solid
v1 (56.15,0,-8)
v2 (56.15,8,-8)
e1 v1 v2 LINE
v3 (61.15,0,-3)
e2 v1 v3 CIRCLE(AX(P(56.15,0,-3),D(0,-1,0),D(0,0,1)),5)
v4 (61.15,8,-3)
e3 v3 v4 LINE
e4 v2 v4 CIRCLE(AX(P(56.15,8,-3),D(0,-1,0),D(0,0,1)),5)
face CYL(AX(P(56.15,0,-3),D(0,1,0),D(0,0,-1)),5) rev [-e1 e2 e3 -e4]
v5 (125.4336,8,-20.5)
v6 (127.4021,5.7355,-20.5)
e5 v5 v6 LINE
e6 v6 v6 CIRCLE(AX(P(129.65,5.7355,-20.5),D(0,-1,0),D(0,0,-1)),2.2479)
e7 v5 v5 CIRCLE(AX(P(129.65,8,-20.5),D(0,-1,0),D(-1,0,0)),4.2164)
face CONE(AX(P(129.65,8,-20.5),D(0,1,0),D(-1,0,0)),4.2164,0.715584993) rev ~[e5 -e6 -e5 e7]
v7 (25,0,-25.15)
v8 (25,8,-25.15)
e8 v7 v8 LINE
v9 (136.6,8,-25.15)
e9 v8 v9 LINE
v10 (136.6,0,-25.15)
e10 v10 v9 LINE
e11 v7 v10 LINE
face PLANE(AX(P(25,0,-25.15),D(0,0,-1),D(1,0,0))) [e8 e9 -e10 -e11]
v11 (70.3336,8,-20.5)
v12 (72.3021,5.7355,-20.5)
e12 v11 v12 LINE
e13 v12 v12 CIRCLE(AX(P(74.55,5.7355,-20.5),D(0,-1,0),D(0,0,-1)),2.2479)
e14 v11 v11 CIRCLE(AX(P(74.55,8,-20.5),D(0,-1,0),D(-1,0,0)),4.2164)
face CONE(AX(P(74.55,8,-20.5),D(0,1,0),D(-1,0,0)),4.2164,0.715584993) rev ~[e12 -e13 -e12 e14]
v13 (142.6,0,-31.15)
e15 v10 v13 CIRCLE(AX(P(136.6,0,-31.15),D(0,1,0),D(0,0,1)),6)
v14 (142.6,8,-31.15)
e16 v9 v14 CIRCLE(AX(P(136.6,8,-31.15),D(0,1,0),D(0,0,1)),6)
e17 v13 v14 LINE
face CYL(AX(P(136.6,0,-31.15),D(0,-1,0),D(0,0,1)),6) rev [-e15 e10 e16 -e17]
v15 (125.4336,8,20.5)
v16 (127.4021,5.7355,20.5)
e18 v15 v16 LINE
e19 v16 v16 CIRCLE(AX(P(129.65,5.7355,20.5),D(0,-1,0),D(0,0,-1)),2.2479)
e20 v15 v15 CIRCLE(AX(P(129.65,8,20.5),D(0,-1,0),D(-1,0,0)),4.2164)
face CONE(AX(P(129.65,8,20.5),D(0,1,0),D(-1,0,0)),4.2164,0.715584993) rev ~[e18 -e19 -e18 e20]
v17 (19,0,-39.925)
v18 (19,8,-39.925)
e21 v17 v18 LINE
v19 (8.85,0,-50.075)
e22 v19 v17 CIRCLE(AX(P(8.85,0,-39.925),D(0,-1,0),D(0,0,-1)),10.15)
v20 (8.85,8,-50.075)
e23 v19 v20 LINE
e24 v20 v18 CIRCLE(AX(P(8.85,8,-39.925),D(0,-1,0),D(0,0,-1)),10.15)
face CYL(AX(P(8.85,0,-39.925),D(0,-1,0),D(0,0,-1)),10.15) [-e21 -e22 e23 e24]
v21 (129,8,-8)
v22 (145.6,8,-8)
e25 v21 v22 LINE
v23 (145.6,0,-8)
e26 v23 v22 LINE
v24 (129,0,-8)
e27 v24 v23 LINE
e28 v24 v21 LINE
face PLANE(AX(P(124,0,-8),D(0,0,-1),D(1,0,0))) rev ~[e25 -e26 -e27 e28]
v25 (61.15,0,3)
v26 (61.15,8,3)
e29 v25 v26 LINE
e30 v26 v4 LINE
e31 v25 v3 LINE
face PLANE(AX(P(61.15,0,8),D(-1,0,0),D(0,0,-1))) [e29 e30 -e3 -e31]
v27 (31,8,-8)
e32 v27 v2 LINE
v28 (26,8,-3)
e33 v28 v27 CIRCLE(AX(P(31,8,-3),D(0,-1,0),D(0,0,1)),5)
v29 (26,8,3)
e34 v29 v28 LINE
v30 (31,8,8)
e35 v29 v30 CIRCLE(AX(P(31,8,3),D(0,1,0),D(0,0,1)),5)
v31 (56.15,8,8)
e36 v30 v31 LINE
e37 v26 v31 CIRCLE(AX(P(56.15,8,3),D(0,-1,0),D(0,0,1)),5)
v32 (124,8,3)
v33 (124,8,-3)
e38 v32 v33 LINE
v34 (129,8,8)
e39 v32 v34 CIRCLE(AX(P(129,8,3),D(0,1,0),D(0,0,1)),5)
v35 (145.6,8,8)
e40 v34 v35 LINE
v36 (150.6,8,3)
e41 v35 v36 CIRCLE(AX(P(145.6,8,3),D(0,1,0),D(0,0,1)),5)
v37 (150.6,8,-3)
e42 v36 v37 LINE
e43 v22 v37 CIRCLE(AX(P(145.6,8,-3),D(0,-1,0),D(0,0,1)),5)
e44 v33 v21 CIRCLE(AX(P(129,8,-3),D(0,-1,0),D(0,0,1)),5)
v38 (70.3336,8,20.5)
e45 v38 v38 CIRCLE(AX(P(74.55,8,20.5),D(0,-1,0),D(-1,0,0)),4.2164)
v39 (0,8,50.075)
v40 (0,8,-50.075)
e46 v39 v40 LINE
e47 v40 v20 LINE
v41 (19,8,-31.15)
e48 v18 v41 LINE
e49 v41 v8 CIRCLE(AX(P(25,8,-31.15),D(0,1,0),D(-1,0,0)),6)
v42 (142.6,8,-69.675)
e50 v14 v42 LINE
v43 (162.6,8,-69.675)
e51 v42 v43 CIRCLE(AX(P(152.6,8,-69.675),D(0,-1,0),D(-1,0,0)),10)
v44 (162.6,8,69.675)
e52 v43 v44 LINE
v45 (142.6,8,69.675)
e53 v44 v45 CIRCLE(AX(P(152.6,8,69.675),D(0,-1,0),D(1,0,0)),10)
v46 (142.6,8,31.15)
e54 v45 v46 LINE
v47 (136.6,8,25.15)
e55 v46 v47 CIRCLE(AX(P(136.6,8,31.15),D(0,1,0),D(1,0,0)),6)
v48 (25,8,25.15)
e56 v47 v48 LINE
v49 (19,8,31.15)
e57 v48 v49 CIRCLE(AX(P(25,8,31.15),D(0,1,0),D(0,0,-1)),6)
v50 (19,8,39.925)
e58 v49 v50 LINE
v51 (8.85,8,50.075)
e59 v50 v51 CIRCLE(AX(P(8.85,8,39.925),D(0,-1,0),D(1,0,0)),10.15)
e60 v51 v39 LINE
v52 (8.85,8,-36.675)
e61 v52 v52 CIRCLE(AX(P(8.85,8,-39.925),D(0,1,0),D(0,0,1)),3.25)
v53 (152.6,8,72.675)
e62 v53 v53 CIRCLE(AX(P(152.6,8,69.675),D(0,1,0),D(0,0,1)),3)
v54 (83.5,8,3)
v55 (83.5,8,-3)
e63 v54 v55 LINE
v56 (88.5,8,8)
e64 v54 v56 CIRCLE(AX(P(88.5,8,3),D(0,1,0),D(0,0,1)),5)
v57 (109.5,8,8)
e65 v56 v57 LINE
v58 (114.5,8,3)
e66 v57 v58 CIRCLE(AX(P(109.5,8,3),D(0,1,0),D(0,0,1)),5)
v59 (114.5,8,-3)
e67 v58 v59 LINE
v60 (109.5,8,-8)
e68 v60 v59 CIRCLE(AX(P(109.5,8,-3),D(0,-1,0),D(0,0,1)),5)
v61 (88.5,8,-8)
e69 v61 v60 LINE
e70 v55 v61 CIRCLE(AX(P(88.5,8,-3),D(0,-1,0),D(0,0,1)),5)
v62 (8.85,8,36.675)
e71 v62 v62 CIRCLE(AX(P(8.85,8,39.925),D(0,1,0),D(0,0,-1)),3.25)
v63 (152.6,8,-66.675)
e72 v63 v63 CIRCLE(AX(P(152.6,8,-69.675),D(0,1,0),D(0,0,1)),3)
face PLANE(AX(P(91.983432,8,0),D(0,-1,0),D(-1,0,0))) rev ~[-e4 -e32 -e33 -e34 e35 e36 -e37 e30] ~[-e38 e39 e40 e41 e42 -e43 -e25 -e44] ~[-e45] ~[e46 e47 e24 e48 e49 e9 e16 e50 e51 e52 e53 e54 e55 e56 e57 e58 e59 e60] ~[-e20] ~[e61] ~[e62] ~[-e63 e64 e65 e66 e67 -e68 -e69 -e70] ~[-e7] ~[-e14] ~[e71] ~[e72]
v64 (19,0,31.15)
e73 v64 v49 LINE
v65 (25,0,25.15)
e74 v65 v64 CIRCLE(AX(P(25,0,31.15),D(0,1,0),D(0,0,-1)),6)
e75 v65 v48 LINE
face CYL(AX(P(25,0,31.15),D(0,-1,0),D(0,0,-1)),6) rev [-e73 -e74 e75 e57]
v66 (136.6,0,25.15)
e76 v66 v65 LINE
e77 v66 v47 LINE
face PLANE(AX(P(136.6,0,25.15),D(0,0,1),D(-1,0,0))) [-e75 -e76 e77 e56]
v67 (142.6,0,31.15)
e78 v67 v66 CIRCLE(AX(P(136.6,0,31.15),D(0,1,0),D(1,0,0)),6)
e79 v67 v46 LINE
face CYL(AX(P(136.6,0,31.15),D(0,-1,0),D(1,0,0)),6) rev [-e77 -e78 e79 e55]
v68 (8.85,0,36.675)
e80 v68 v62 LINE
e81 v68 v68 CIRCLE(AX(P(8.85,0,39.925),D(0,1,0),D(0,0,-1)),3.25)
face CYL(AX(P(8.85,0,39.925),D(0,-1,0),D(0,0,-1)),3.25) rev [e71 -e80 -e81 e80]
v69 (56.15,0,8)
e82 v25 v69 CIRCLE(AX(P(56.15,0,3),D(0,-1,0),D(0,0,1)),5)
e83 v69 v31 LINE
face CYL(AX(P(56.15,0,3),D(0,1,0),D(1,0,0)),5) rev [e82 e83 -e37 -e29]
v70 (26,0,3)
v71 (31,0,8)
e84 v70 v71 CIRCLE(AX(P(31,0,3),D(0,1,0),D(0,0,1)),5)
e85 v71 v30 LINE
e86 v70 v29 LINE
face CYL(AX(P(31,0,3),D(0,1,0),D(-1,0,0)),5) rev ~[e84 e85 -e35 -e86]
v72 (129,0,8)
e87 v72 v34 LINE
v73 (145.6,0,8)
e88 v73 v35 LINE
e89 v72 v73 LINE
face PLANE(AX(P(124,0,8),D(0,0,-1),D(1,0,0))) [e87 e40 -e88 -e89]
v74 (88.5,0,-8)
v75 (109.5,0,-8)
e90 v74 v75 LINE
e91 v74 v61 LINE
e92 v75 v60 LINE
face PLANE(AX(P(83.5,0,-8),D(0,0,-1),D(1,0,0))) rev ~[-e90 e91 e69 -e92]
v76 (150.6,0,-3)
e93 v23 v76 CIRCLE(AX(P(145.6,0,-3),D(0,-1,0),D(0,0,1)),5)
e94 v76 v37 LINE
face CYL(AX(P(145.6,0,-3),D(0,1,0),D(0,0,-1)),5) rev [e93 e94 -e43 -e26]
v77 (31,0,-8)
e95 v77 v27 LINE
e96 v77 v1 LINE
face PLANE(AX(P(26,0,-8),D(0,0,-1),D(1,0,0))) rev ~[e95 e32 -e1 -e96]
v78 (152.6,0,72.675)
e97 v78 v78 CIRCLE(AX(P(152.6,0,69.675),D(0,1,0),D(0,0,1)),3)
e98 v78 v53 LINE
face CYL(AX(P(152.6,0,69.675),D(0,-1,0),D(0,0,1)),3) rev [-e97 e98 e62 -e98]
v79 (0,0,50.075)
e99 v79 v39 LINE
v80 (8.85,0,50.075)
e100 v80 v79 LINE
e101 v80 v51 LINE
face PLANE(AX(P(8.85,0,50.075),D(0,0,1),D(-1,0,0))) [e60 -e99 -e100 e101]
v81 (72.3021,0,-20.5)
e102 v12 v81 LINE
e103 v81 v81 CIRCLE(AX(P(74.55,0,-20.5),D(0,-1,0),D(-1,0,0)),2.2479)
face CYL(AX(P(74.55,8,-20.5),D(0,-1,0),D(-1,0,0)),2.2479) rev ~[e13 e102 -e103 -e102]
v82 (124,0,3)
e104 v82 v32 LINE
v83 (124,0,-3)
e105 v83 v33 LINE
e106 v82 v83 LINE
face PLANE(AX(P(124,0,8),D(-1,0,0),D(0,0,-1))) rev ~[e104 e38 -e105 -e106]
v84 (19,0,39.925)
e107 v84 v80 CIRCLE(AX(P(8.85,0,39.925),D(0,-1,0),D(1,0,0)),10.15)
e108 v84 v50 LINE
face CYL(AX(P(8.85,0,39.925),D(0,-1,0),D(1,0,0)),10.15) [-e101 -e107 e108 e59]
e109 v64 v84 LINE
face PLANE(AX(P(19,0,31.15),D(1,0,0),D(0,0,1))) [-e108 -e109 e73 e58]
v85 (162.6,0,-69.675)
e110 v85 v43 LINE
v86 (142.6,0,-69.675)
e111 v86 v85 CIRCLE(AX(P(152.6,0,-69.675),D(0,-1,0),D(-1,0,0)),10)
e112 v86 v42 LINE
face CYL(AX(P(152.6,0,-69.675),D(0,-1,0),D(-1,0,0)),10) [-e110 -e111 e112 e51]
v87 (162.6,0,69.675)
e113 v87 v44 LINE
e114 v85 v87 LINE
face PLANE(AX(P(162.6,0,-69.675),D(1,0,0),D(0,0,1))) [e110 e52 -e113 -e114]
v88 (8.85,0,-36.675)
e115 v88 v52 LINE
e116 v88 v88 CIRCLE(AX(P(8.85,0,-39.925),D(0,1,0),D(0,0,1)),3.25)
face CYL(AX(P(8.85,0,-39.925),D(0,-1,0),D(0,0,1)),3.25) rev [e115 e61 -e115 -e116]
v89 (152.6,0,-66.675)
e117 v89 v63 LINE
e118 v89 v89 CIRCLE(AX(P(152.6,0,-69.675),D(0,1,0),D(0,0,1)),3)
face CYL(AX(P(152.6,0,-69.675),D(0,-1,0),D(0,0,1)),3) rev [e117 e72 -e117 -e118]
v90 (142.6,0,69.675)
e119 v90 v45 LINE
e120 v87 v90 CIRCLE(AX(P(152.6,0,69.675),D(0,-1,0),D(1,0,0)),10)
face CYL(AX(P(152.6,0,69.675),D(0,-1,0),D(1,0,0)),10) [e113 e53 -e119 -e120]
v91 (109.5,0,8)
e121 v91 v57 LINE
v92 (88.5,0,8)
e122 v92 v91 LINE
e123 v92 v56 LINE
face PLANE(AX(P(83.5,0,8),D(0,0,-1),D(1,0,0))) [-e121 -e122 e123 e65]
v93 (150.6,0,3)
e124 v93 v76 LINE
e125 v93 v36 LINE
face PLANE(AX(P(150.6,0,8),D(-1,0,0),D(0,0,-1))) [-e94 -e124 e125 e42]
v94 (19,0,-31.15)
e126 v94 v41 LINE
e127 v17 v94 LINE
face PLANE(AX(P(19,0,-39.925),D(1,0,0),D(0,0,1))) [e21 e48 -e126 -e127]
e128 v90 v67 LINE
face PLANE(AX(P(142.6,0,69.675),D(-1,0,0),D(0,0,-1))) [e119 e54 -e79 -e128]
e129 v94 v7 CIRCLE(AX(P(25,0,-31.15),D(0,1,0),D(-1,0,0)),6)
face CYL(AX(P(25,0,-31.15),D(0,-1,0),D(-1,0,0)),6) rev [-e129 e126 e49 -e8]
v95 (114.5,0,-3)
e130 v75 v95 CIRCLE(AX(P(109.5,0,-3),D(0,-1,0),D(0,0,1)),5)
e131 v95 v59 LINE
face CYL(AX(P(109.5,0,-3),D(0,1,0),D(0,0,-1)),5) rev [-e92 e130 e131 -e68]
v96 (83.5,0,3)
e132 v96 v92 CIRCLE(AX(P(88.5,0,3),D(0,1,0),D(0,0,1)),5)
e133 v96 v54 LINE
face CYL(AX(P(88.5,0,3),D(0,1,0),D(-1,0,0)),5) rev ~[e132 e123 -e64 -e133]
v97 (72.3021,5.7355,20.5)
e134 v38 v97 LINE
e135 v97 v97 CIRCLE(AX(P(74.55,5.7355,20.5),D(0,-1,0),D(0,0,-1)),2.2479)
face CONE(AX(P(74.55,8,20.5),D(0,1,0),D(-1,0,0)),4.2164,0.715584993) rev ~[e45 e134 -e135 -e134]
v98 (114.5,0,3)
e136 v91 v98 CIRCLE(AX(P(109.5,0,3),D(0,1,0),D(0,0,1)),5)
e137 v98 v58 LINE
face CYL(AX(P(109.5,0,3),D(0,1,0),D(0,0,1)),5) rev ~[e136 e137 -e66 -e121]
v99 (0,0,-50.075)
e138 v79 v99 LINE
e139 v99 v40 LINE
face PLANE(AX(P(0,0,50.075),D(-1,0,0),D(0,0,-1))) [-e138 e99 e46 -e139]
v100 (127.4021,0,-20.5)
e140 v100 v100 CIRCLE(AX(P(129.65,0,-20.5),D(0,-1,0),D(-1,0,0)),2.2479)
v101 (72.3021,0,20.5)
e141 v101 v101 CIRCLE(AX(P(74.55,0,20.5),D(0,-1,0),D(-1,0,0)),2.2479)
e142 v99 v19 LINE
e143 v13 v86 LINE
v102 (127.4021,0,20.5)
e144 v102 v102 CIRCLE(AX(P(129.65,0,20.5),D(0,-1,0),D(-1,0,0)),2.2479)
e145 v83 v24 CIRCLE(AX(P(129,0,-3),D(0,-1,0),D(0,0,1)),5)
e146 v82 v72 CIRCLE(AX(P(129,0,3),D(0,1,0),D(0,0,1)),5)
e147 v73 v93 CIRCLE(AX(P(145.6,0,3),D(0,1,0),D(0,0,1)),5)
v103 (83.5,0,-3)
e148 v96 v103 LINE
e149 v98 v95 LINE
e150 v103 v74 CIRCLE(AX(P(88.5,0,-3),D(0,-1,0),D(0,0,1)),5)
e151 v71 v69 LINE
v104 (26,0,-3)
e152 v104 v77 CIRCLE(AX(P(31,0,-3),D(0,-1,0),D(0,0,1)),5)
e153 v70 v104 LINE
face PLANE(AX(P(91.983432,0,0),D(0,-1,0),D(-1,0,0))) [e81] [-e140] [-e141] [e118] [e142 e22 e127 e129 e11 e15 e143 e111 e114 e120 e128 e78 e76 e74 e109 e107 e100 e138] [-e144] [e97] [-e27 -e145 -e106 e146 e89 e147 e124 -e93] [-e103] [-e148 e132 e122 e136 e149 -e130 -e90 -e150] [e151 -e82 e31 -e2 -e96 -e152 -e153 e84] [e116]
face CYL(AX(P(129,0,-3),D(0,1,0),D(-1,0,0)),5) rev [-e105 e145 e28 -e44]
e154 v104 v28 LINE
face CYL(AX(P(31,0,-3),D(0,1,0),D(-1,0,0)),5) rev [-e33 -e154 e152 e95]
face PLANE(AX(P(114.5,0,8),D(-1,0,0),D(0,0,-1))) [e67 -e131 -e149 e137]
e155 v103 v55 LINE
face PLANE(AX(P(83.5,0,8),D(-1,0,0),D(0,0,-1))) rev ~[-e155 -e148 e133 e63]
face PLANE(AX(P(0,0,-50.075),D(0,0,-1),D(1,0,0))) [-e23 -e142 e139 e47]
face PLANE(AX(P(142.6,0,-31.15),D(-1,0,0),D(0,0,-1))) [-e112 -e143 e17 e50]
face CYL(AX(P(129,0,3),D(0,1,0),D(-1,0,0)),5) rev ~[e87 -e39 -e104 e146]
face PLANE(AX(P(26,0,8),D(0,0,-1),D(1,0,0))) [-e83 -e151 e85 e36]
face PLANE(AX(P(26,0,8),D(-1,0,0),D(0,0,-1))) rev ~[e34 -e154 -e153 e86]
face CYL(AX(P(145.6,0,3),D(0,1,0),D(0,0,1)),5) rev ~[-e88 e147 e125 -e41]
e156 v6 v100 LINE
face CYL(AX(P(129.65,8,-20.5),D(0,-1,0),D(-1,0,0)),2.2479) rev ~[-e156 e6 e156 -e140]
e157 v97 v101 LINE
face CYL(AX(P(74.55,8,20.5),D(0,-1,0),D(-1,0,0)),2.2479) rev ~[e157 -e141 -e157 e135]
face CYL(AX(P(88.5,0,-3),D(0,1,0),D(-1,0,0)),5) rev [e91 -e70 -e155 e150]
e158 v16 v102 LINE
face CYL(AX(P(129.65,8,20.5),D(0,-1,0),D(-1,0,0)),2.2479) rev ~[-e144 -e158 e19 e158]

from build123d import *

# Parameters (mm, degrees)
CROQUIS1_R                                           = 3
CROQUIS1_R_2                                         = 3.25
CROQUIS1_W                                           = 26.6
CROQUIS1_H                                           = 16
CROQUIS1_W_2                                         = 31
CROQUIS1_W_3                                         = 35.15
SALIENTE_EXTRUIR1_DEPTH                              = 8
REDONDEO3_R                                          = 5
AVELLANADO_PARA_TORNILLO_CON_CABEZA_OVAL_D           = 4.4958
AVELLANADO_PARA_TORNILLO_CON_CABEZA_OVAL_CSINK_D     = 8.4328
AVELLANADO_PARA_TORNILLO_CON_CABEZA_OVAL_CSINK_ANGLE = 82


with BuildPart() as part:
    # Croquis1 → Saliente-Extruir1 (new body)
    with BuildSketch(Plane(origin=(0, 0, 0), x_dir=(1, 0, 0), z_dir=(0, 1, 0))):
        with BuildLine():
            Line((0, -50.075), (0, 50.075))
            Line((0, 50.075), (8.85, 50.075))
            ThreePointArc((8.85, 50.075), (16.027133829, 47.102133829), (19, 39.925))
            Line((19, 39.925), (19, 31.15))
            ThreePointArc((19, 31.15), (20.757359313, 26.907359313), (25, 25.15))
            Line((25, 25.15), (136.6, 25.15))
            ThreePointArc((136.6, 25.15), (140.842640687, 26.907359313), (142.6, 31.15))
            Line((142.6, 31.15), (142.6, 69.675))
            ThreePointArc((142.6, 69.675), (152.6, 79.675), (162.6, 69.675))
            Line((162.6, 69.675), (162.6, -69.675))
            ThreePointArc((162.6, -69.675), (152.6, -79.675), (142.6, -69.675))
            Line((142.6, -69.675), (142.6, -31.15))
            ThreePointArc((142.6, -31.15), (140.842640687, -26.907359313), (136.6, -25.15))
            Line((136.6, -25.15), (25, -25.15))
            ThreePointArc((25, -25.15), (20.757359313, -26.907359313), (19, -31.15))
            Line((19, -31.15), (19, -39.925))
            ThreePointArc((19, -39.925), (16.027133829, -47.102133829), (8.85, -50.075))
            Line((8.85, -50.075), (0, -50.075))
        make_face()
        with Locations(Location((152.6, 69.675, 0), (0, 0, 270))):
            Circle(CROQUIS1_R, mode=Mode.SUBTRACT)
        with Locations(Location((152.6, -69.675, 0), (0, 0, 270))):
            Circle(CROQUIS1_R, mode=Mode.SUBTRACT)
        with Locations(Location((8.85, 39.925, 0), (0, 0, 270))):
            Circle(CROQUIS1_R_2, mode=Mode.SUBTRACT)
        with Locations(Location((8.85, -39.925, 0), (0, 0, 90))):
            Circle(CROQUIS1_R_2, mode=Mode.SUBTRACT)
        with Locations((137.3, 0)):
            Rectangle(CROQUIS1_W, CROQUIS1_H, mode=Mode.SUBTRACT)
        with Locations((99, 0)):
            Rectangle(CROQUIS1_W_2, CROQUIS1_H, mode=Mode.SUBTRACT)
        with Locations((43.575, 0)):
            Rectangle(CROQUIS1_W_3, CROQUIS1_H, mode=Mode.SUBTRACT)
    extrude(amount=SALIENTE_EXTRUIR1_DEPTH)

    # Redondeo3
    redondeo3_edges = [part.edges().sort_by_distance(p)[0] for p in [
        (83.5, 4, -8),
        (83.5, 4, 8),
        (114.5, 4, 8),
        (114.5, 4, -8),
        (124, 4, -8),
        (124, 4, 8),
        (150.6, 4, 8),
        (150.6, 4, -8),
        (26, 4, -8),
        (26, 4, 8),
        (61.15, 4, 8),
        (61.15, 4, -8),
    ]]
    fillet(redondeo3_edges, radius=REDONDEO3_R)

    # Avellanado para tornillo con cabeza ovalada de #81 (through all)
    with Locations(Plane(origin=(0, 8, 0), x_dir=(1, 0, 0), z_dir=(0, 1, 0))):
        with Locations((74.55, 20.5), (129.65, 20.5), (74.55, -20.5), (129.65, -20.5)):
            CounterSinkHole(AVELLANADO_PARA_TORNILLO_CON_CABEZA_OVAL_D / 2, AVELLANADO_PARA_TORNILLO_CON_CABEZA_OVAL_CSINK_D / 2, counter_sink_angle=AVELLANADO_PARA_TORNILLO_CON_CABEZA_OVAL_CSINK_ANGLE)


solid = part.part
